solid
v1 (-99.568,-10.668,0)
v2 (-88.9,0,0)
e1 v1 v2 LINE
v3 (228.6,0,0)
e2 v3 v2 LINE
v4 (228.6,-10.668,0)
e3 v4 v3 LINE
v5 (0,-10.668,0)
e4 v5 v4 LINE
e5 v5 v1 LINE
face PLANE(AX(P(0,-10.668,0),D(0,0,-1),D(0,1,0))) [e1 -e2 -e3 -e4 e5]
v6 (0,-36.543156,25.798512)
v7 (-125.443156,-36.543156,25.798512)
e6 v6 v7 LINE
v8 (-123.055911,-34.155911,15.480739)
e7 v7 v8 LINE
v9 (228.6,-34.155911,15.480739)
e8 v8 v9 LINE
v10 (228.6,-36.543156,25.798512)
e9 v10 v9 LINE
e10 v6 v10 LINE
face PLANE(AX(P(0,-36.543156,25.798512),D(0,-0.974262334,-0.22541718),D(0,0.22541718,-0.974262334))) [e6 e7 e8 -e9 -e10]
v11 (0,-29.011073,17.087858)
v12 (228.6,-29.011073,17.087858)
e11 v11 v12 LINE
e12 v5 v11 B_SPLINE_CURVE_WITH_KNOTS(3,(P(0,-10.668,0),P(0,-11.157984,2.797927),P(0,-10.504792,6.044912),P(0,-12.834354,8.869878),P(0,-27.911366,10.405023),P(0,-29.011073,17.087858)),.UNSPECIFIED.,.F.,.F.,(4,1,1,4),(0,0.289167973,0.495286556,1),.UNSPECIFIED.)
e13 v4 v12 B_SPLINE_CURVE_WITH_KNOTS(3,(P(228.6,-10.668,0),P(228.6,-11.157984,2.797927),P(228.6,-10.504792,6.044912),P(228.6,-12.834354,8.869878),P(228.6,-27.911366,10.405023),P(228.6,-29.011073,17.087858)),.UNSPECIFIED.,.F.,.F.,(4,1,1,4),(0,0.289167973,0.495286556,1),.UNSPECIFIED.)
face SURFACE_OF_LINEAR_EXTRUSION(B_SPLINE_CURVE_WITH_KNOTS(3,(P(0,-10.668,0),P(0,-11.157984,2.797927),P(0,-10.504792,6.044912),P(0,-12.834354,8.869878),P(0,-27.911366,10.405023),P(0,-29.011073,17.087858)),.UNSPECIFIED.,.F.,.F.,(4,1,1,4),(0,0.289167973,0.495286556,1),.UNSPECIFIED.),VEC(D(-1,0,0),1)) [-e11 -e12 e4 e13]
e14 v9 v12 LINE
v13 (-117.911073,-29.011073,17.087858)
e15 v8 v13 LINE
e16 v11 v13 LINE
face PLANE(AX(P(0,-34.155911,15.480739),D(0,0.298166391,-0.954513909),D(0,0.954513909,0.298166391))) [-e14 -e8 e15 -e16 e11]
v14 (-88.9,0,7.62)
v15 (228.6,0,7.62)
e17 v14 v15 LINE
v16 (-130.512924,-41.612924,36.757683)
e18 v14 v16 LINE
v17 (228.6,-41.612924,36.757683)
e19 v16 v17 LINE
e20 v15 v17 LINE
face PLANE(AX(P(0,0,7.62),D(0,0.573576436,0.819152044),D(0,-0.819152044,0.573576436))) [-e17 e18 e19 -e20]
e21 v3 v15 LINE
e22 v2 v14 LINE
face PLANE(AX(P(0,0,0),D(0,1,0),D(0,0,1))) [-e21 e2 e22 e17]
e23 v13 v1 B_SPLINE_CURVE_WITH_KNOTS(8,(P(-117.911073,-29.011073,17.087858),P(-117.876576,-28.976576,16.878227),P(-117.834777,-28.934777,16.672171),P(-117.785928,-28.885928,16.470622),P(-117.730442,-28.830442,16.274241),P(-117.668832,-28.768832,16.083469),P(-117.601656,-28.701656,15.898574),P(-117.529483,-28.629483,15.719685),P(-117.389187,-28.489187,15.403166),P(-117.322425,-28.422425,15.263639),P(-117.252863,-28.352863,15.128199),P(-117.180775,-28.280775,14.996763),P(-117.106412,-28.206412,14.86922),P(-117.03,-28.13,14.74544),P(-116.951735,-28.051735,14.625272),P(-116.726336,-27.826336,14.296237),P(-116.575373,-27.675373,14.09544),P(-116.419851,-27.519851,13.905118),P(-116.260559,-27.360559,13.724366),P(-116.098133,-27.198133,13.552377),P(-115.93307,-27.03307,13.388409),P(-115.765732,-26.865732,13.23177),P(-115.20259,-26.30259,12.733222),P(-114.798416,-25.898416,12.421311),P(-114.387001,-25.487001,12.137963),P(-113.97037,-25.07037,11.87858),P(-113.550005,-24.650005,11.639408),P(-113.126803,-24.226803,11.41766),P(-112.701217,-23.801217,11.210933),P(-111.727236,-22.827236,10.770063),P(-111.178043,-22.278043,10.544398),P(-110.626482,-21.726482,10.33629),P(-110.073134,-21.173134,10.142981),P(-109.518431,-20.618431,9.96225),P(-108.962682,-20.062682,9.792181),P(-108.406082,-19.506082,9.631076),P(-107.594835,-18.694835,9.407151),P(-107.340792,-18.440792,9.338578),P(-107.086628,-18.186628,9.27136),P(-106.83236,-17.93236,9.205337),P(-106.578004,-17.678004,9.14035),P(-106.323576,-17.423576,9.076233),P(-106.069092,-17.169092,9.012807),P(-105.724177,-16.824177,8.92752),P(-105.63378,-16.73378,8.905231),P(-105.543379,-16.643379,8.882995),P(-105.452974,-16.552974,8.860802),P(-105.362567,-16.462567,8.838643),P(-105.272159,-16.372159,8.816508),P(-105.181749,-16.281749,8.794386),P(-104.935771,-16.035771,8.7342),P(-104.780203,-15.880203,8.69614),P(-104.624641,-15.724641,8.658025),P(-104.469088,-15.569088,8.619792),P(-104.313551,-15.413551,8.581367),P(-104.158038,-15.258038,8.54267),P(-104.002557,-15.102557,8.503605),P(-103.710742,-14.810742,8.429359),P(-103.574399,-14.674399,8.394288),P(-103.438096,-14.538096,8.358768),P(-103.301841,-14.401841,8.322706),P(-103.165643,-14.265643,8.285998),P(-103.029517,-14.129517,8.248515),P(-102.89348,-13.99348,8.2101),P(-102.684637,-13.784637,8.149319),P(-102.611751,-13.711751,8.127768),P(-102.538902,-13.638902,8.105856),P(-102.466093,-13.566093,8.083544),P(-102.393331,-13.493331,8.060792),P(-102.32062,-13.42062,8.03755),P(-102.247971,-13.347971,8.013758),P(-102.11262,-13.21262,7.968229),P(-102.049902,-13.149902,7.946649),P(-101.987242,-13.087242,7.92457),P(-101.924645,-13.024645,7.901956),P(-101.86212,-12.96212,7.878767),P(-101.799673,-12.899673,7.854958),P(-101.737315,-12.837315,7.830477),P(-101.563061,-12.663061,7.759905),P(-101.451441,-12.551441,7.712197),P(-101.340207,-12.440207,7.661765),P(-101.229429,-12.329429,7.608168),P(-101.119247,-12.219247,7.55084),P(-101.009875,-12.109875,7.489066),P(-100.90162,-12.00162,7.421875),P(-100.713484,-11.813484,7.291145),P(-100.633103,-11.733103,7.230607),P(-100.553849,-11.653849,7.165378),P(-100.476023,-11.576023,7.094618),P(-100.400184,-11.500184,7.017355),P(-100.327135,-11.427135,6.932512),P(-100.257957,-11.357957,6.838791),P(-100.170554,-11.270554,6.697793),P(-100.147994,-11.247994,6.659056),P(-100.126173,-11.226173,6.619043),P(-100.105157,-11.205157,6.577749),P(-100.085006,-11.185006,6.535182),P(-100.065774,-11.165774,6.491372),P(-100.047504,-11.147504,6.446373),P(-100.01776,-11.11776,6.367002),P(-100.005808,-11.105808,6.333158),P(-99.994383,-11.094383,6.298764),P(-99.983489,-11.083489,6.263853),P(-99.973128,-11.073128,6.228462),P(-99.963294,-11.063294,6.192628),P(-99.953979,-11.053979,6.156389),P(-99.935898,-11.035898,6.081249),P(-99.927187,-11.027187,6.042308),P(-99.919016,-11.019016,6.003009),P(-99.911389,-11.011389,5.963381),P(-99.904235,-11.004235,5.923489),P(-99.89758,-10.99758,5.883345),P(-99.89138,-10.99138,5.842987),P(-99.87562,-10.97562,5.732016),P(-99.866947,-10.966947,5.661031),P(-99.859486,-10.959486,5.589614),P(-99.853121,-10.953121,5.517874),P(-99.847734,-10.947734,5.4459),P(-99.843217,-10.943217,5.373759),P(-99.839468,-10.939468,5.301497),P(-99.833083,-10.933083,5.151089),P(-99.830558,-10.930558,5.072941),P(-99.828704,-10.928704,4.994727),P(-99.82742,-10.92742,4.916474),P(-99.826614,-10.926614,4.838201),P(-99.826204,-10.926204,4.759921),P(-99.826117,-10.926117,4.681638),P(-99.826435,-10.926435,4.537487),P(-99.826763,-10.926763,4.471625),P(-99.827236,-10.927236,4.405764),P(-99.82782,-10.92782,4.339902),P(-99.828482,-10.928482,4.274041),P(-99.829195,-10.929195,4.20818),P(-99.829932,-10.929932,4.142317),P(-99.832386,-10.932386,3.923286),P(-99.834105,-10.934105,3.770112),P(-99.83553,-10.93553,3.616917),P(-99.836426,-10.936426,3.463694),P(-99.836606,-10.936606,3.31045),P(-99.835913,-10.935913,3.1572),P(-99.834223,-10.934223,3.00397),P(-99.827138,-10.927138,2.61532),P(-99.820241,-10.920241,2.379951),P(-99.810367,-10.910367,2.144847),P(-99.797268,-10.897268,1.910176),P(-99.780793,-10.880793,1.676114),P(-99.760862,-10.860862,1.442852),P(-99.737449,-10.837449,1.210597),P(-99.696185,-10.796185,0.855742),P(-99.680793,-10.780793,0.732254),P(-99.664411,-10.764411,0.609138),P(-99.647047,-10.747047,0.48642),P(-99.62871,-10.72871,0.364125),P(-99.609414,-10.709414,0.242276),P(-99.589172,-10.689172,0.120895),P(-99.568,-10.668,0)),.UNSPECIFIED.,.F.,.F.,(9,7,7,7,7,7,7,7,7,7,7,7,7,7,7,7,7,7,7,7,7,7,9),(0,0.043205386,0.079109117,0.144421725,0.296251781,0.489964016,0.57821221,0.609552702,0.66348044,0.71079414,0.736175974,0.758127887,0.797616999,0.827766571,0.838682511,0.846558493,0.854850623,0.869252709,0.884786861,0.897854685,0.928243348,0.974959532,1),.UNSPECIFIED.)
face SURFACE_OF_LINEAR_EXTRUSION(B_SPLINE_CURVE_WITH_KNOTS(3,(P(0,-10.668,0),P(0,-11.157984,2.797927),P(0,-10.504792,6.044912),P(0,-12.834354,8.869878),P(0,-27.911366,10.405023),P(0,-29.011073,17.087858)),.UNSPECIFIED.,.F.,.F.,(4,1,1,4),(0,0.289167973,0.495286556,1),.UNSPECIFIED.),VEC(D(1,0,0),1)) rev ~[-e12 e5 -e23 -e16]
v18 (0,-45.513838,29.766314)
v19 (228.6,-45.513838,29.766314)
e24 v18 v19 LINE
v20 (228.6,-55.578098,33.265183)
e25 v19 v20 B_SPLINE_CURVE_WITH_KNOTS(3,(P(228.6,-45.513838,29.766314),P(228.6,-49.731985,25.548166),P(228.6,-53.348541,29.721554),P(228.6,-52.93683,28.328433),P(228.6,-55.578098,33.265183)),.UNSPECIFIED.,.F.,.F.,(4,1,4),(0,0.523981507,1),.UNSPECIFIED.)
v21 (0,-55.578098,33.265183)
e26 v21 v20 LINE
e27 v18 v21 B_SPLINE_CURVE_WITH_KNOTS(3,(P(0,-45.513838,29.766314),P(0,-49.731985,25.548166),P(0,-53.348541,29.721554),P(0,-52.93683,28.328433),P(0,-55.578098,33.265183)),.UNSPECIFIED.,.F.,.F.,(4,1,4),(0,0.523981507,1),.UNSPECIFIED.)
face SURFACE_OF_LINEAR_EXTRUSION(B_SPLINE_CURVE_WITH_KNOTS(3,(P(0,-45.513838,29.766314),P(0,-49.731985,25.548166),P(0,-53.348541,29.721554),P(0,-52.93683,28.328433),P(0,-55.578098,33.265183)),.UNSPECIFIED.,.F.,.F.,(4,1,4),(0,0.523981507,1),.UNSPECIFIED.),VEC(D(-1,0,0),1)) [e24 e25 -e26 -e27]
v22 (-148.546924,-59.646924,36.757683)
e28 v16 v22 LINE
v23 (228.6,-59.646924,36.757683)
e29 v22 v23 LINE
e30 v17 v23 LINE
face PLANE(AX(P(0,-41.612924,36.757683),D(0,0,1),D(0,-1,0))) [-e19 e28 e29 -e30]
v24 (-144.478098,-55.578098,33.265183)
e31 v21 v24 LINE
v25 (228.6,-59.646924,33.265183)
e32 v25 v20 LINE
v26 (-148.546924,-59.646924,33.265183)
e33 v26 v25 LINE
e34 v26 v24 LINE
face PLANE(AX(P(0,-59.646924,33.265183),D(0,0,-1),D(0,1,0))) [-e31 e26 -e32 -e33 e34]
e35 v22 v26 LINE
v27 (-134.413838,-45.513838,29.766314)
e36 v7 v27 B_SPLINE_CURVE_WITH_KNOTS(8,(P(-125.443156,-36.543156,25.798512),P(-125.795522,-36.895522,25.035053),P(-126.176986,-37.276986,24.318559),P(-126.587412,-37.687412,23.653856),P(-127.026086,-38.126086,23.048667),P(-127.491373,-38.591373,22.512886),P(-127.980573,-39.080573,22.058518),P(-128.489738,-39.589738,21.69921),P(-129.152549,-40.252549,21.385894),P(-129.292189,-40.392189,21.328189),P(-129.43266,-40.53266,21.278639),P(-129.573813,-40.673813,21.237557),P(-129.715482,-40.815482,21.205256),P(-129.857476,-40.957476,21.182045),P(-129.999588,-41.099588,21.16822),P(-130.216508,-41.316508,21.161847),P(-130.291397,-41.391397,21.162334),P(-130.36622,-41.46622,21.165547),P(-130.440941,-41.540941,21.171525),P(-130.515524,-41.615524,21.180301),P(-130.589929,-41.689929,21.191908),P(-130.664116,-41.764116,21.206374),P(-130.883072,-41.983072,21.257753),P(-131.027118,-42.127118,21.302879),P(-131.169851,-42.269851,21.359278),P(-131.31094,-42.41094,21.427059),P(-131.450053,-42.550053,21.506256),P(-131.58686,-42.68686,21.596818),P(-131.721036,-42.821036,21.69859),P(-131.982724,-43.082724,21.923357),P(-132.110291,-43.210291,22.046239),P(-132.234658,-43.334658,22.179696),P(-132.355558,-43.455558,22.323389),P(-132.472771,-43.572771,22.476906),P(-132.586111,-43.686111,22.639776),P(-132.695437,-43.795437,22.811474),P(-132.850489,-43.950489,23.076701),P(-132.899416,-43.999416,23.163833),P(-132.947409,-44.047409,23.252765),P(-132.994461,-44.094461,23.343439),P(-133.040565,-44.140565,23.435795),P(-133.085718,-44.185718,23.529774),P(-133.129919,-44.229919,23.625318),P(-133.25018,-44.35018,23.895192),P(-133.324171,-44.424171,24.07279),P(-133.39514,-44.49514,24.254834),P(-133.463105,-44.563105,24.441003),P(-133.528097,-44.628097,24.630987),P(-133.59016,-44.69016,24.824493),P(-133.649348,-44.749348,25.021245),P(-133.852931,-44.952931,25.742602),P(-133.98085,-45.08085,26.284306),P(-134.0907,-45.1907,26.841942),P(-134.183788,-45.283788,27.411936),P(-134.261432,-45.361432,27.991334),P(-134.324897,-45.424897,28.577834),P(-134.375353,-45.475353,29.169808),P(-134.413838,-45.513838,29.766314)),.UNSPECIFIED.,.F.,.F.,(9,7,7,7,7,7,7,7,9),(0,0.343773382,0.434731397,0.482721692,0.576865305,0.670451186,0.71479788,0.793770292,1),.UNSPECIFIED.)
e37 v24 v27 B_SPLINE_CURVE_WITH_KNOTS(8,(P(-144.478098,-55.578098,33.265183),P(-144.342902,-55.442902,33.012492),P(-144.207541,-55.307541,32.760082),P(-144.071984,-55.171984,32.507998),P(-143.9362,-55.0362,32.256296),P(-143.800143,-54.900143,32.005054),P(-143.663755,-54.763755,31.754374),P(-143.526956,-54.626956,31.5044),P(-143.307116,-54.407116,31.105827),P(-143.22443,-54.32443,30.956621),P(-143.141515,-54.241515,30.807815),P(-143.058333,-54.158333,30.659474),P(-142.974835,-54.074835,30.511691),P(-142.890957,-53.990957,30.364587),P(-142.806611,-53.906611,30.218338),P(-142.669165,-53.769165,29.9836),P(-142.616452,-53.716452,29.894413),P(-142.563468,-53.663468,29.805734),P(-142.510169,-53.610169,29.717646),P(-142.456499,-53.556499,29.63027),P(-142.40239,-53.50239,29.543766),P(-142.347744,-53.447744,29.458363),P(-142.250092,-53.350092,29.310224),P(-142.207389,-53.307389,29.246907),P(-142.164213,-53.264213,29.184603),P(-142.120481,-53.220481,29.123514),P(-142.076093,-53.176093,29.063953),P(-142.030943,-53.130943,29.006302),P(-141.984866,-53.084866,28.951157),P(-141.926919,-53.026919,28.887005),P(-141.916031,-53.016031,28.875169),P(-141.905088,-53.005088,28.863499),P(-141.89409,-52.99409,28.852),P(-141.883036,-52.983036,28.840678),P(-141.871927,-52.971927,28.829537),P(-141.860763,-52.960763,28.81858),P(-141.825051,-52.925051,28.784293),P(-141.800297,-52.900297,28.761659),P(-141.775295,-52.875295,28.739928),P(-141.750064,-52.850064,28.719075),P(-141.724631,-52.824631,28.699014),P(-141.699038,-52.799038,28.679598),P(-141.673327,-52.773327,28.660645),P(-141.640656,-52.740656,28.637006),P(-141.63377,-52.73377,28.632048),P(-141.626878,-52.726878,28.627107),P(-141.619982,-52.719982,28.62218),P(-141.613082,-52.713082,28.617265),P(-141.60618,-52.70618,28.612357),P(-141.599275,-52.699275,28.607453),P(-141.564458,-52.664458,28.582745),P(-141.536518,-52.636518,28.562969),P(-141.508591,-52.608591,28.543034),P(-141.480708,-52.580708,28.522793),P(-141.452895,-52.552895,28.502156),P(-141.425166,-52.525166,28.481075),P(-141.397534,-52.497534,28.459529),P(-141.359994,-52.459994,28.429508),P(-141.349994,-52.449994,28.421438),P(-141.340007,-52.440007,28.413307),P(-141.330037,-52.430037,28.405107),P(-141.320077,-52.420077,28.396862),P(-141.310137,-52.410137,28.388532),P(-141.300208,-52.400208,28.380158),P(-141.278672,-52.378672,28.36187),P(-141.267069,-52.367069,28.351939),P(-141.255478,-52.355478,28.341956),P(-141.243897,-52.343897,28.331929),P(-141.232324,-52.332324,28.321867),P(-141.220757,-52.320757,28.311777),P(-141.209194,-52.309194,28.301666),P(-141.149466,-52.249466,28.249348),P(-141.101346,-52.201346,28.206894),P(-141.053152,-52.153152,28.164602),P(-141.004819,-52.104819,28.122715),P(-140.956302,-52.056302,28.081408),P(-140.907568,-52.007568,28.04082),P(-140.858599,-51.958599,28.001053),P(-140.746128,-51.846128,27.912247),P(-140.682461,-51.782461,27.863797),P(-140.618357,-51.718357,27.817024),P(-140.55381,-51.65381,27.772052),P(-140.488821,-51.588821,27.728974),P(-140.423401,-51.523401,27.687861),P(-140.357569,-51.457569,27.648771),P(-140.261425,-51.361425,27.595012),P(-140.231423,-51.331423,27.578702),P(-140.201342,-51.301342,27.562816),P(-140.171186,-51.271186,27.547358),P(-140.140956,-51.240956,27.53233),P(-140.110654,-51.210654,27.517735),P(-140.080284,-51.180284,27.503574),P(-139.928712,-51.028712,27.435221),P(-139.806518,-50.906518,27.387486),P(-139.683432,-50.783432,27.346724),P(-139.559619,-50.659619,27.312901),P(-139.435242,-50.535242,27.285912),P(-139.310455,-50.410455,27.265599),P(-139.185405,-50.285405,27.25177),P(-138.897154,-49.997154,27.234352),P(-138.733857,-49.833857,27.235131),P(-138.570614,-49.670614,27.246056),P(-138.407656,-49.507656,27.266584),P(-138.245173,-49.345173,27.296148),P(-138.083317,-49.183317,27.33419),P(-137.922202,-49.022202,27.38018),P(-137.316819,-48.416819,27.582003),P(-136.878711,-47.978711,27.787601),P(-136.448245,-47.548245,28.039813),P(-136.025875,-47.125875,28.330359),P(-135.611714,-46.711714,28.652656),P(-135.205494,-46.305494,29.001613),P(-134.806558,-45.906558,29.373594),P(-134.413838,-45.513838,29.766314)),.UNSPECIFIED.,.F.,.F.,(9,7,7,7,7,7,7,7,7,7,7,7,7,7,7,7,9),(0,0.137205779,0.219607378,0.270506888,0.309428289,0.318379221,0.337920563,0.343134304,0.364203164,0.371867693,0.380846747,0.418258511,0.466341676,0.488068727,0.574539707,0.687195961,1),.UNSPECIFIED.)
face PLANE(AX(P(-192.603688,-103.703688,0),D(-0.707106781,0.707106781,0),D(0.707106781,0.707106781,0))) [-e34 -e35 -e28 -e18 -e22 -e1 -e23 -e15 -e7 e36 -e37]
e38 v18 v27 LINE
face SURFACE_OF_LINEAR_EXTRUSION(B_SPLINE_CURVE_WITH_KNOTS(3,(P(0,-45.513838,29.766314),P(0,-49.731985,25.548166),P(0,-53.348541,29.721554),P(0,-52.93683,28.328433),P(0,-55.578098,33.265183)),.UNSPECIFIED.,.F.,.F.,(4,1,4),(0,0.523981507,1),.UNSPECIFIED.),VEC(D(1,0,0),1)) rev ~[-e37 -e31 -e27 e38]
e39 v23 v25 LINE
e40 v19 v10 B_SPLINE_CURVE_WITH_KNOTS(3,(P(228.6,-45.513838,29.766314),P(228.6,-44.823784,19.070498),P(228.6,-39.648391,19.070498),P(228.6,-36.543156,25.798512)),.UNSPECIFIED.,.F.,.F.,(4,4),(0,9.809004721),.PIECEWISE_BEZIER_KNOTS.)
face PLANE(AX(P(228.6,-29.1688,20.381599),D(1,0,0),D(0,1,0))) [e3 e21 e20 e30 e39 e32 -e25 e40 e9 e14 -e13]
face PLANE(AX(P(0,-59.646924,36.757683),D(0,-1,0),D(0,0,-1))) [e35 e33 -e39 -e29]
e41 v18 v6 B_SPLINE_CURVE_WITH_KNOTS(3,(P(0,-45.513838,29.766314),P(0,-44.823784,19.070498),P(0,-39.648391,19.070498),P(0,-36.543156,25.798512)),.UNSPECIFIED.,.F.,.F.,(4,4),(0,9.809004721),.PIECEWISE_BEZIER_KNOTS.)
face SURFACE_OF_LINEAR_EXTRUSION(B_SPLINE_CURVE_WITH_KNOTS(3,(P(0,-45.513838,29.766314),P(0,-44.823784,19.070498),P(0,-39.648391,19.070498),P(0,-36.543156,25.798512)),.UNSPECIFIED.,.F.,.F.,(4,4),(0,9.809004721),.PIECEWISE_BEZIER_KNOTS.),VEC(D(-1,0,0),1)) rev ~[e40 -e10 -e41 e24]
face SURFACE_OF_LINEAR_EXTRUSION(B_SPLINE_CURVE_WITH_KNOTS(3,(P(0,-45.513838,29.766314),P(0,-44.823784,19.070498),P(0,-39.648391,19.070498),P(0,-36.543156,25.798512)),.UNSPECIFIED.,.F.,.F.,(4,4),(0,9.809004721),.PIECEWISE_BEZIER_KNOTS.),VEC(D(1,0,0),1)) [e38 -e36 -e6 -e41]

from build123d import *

# Parameters (mm, degrees)
F1_DEPTH      = 228.6
F1_DEPTH_BACK = 177.8
F3_DEPTH      = 36.7586830666


with BuildPart() as f1:
    # F0 (on Right) → F1 (new body, two sides)
    with BuildSketch(Plane.YZ) as f1_sk:
        with BuildLine():
            Line((0, 0), (0, 7.62))
            Line((0, 7.62), (-41.6129238499, 36.7576829666))
            Line((-41.6129238499, 36.7576829666), (-59.6469238499, 36.7576829666))
            Line((-59.6469238499, 36.7576829666), (-59.6469238499, 33.2651829666))
            Line((-59.6469238499, 33.2651829666), (-55.5780977011, 33.2651829666))
            add(Edge.make_bspline(
                [(-45.5138377747, 29.7663135135), (-49.731985016, 25.5481662722), (-53.3485413037, 29.721554147), (-52.9368298251, 28.3284333935), (-55.5780977011, 33.2651829666)],
                knots=[0, 0, 0, 0, 0.5239815067, 1, 1, 1, 1], degree=3))
            add(Edge.make_bspline(
                [(-45.5138377747, 29.7663135135), (-44.8237836263, 19.0704984271), (-39.6483905515, 19.0704984271), (-36.5431561968, 25.7985124045)],
                knots=[0, 0, 0, 0, 9.8090047208, 9.8090047208, 9.8090047208, 9.8090047208], degree=3))
            Line((-36.5431561968, 25.7985124045), (-34.1559106391, 15.4807388001))
            Line((-34.1559106391, 15.4807388001), (-29.0110725909, 17.0878581703))
            add(Edge.make_bspline(
                [(-10.668, 0), (-11.1579841904, 2.7979269635), (-10.5047915864, 6.0449118409), (-12.8343535403, 8.8698779258), (-27.9113658404, 10.4050231017), (-29.0110725909, 17.0878581703)],
                knots=[0, 0, 0, 0, 0.289167973, 0.4952865565, 1, 1, 1, 1], degree=3))
            Line((-10.668, 0), (0, 0))
        make_face()
    extrude(amount=F1_DEPTH)
    extrude(f1_sk.sketch, amount=-F1_DEPTH_BACK)

    # F2 (on Top) → F3 (cut, through all)
    with BuildSketch(Plane.XY):
        Polygon((-192.6036879301, -103.7036879301), (-88.9, 0), (-192.6036879301, 0), align=None)
    extrude(amount=F3_DEPTH, mode=Mode.SUBTRACT)


solid = f1.part
